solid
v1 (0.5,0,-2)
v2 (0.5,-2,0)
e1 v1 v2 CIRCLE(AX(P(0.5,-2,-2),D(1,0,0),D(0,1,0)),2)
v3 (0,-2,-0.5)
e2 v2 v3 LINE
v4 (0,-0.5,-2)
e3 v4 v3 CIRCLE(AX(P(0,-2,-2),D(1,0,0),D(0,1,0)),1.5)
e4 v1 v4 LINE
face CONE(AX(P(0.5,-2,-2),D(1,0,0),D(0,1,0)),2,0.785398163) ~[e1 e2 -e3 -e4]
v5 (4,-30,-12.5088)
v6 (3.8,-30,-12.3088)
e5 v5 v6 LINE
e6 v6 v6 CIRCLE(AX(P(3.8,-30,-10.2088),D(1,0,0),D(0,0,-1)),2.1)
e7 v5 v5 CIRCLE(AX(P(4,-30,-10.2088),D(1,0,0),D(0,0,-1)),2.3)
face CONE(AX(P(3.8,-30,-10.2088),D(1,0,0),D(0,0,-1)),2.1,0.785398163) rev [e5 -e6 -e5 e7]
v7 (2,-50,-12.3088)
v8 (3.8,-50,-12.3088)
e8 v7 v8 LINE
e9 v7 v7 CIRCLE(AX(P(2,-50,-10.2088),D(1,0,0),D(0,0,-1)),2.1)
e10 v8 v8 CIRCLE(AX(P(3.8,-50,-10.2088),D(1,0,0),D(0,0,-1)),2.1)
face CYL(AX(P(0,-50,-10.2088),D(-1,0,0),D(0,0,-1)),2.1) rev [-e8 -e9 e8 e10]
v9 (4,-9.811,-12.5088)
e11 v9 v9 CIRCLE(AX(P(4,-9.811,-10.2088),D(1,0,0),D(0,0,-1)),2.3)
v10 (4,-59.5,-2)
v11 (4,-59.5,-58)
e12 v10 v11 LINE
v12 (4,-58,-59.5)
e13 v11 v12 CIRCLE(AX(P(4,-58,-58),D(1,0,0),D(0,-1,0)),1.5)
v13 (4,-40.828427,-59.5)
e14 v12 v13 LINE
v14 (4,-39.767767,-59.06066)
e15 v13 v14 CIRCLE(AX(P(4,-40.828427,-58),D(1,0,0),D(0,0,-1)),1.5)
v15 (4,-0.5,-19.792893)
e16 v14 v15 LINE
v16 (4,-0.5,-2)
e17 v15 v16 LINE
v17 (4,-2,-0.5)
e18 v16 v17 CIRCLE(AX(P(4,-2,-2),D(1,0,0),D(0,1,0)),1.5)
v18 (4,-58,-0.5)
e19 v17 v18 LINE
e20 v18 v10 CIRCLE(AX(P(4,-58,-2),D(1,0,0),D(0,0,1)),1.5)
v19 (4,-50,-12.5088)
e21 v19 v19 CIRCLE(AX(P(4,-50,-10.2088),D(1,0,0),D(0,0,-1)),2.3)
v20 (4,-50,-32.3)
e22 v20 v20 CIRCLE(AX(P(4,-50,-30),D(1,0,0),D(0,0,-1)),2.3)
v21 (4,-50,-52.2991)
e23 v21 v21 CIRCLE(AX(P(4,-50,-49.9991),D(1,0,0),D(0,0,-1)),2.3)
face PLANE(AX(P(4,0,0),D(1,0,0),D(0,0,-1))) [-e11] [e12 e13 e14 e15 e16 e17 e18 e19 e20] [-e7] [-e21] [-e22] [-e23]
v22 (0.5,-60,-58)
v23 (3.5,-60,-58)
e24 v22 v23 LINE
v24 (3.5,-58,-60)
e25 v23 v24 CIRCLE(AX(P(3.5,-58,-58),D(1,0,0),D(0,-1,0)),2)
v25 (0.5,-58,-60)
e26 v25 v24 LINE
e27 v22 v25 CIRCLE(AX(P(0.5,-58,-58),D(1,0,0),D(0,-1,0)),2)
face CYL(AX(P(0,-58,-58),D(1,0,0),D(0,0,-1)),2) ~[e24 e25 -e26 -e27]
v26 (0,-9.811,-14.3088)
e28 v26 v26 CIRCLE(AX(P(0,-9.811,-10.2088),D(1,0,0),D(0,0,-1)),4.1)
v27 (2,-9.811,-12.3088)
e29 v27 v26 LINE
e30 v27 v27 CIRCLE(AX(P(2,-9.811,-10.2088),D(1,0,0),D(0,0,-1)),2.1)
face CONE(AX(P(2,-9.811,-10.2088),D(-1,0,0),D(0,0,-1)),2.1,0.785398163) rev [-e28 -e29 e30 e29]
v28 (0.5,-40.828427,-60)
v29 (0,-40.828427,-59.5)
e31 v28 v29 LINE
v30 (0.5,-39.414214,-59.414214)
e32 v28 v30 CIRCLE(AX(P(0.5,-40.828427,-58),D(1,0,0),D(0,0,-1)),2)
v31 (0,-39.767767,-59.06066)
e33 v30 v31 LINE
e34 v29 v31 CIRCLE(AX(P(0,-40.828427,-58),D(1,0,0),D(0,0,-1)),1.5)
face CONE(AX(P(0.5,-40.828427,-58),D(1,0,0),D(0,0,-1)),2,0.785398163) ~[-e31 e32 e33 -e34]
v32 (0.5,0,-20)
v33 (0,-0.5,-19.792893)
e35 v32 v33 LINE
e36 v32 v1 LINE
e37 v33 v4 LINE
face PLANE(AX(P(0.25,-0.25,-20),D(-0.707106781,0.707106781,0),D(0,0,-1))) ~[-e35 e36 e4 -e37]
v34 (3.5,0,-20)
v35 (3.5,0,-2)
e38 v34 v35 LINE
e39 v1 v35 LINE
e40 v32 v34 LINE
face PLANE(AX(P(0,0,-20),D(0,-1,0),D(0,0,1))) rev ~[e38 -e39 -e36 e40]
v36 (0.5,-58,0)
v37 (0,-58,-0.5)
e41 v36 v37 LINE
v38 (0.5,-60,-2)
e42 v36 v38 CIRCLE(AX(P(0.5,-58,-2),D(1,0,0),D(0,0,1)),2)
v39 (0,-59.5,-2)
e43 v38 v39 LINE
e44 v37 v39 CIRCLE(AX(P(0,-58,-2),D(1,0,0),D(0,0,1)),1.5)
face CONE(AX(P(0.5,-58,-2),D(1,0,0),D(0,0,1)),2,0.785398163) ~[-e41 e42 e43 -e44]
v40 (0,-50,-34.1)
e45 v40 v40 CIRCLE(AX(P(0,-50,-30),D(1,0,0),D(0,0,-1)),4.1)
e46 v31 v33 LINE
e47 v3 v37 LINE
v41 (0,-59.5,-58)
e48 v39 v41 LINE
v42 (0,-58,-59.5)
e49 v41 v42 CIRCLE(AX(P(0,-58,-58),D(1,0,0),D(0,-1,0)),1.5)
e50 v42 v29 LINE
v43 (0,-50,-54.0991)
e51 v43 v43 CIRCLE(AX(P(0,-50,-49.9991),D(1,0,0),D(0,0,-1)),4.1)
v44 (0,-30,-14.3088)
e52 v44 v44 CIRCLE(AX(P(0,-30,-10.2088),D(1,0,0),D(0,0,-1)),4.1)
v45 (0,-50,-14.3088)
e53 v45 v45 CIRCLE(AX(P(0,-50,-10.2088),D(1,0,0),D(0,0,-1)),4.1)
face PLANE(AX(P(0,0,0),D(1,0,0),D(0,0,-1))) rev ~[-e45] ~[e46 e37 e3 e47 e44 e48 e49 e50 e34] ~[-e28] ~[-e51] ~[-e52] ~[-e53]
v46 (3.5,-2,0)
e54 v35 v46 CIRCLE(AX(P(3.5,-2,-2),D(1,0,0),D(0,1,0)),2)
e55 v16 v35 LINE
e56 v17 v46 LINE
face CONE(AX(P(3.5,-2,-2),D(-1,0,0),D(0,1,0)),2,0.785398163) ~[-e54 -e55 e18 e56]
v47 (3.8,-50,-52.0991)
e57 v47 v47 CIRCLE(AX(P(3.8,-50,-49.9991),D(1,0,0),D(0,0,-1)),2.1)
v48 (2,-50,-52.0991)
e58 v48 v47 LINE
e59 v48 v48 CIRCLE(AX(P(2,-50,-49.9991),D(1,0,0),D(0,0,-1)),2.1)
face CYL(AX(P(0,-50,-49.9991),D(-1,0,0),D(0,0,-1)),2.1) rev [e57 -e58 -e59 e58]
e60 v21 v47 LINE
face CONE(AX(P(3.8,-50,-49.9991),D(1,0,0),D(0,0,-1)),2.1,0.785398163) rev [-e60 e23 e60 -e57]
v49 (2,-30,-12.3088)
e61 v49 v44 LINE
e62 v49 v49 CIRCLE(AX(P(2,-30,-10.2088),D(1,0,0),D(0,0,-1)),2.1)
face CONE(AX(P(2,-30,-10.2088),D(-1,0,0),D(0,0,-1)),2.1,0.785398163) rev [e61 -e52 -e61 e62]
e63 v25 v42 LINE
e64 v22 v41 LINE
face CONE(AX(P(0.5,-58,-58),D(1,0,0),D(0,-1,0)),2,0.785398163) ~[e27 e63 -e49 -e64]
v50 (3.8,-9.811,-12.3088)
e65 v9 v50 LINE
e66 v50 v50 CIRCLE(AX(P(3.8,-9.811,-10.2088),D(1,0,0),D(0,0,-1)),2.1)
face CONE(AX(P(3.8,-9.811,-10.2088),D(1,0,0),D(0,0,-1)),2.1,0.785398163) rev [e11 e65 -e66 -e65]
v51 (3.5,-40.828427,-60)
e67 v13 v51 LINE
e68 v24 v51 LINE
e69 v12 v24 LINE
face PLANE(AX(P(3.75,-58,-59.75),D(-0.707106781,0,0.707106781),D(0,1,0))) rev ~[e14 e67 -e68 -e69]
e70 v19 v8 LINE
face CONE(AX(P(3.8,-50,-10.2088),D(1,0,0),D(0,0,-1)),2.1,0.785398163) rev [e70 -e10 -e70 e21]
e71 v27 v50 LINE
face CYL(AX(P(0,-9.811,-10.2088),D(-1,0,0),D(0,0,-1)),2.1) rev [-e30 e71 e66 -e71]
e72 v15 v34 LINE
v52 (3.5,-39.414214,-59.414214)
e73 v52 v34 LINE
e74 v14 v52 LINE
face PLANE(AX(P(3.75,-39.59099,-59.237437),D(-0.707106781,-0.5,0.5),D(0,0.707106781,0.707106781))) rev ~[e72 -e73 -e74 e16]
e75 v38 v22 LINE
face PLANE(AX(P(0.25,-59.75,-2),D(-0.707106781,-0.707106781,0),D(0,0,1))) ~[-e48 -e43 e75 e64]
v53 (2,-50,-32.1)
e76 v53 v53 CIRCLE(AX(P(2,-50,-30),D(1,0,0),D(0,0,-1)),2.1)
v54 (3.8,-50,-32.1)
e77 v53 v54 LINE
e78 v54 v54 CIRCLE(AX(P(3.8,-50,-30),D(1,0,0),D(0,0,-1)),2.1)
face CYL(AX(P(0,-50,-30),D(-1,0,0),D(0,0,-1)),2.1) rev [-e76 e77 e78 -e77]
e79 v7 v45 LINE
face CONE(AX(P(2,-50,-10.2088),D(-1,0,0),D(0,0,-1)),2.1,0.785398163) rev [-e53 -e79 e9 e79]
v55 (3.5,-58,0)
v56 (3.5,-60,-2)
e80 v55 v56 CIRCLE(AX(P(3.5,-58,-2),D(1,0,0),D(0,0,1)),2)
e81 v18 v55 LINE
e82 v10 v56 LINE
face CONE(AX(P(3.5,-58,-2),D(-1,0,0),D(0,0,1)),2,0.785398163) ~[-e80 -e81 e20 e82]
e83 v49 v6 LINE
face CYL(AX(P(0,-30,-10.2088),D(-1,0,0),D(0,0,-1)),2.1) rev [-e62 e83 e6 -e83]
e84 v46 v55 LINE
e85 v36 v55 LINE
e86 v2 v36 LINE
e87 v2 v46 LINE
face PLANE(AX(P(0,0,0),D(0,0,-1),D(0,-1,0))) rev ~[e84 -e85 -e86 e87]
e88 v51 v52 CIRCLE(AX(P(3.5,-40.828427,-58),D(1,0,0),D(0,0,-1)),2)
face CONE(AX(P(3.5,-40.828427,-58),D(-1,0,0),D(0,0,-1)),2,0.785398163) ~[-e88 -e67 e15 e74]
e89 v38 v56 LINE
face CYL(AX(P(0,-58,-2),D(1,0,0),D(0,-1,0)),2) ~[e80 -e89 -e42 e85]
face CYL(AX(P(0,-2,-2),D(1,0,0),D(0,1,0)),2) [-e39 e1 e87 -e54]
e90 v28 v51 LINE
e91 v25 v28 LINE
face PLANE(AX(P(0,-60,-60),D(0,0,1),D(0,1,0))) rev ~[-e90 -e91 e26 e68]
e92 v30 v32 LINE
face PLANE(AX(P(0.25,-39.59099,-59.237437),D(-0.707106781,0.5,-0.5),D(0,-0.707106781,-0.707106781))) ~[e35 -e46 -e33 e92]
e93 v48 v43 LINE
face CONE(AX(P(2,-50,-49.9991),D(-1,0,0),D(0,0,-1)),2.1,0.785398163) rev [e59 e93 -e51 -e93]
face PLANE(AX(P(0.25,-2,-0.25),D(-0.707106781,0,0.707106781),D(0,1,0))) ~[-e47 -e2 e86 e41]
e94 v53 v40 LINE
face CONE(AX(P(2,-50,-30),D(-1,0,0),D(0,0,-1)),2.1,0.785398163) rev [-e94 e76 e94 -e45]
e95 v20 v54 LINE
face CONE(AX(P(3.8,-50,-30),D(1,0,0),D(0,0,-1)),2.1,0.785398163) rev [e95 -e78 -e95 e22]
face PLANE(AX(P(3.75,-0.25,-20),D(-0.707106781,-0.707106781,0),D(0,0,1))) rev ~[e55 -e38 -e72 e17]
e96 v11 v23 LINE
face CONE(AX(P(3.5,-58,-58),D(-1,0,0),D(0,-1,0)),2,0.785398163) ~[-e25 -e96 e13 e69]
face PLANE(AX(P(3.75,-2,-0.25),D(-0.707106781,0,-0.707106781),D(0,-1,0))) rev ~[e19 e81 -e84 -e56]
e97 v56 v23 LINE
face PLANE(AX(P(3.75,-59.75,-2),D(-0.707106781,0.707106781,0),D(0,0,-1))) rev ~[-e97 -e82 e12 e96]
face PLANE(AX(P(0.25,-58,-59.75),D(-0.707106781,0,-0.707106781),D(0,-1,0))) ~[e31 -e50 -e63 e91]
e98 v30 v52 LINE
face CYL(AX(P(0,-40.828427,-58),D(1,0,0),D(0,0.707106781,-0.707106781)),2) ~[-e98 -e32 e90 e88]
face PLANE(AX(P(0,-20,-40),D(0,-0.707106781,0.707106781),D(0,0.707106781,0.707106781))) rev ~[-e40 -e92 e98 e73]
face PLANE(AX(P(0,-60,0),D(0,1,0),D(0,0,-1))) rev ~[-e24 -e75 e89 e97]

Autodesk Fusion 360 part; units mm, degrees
sketch "Sketch1" plane through (0, 0, 0) normal (1, 0, 0) x (0, 0, -1)
  line L0 (0, 0) -> (0, -60)
  line L1 (0, -60) -> (60, -60)
  line L2 (60, -60) -> (60, -40)
  line L3 (20, 0) -> (0, 0)
  line L4 (60, -40) -> (40, -20)
  line L5 (60, -50) -> (0, -50) construction
  line L6 (10.2088, 0) -> (10.2088, -60) construction
  line L7 (0, -9.7462) -> (40, -10) construction
  line L8 (0, -30) -> (50, -30) construction
  line L9 (49.9986, -60) -> (50, -30) construction
  line L10 (30, -60) -> (30, 0) construction
  circle A0 centre (10.2088, -9.811) radius 2.1
  circle A1 centre (10.2088, -30) radius 2.1
  circle A2 centre (10.2088, -50) radius 2.1
  circle A3 centre (30, -50) radius 2.1
  circle A4 centre (49.9991, -50) radius 2.1
  line L11 (60, -40) -> (20, 0)
  dimension "d1" = 60
  dimension "d2" = 60
  dimension "d3" = 20
  dimension "d15" = 4.2
  dimension "d16" = 4.2
  dimension "d17" = 4.2
  dimension "d18" = 4.2
  dimension "d19" = 4.2
extrude "Extrude1" add sketch "Sketch1" along normal blind 4
chamfer "Chamfer1" distance 2 angle 45 5 edges at (0, -9.0516, -8.2509) (0, -29.2406, -8.2509) (0, -49.2406, -8.2509) (0, -49.2406, -28.0421) (0, -49.2406, -48.0412)
fillet "Fillet1" radius 2 4 edges at (2, -60, -60) (2, -60, 0) (2, -40, -60) (2, 0, 0)
chamfer "Chamfer2" distance 0.5 angle 45 17 edges at (0, -60, -30) (0, -59.4142, -59.4142) (0, -49.4142, -60) (0, -40.0631, -59.8478) (0, -19.7071, -39.7071) (0, 0, -11) (0, -0.5858, -0.5858) (0, -30, 0) (4, -19.7071, -39.7071) (4, -40.0631, -59.8478) (4, -49.4142, -60) (4, -59.4142, -59.4142) (4, -60, -30) (4, -59.4142, -0.5858) (4, -30, 0) (4, -0.5858, -0.5858) (4, 0, -11)
chamfer "Chamfer3" distance 0.2 angle 45 5 edges at (4, -9.0516, -8.2509) (4, -29.2406, -8.2509) (4, -49.2406, -8.2509) (4, -49.2406, -28.0421) (4, -49.2406, -48.0412)
